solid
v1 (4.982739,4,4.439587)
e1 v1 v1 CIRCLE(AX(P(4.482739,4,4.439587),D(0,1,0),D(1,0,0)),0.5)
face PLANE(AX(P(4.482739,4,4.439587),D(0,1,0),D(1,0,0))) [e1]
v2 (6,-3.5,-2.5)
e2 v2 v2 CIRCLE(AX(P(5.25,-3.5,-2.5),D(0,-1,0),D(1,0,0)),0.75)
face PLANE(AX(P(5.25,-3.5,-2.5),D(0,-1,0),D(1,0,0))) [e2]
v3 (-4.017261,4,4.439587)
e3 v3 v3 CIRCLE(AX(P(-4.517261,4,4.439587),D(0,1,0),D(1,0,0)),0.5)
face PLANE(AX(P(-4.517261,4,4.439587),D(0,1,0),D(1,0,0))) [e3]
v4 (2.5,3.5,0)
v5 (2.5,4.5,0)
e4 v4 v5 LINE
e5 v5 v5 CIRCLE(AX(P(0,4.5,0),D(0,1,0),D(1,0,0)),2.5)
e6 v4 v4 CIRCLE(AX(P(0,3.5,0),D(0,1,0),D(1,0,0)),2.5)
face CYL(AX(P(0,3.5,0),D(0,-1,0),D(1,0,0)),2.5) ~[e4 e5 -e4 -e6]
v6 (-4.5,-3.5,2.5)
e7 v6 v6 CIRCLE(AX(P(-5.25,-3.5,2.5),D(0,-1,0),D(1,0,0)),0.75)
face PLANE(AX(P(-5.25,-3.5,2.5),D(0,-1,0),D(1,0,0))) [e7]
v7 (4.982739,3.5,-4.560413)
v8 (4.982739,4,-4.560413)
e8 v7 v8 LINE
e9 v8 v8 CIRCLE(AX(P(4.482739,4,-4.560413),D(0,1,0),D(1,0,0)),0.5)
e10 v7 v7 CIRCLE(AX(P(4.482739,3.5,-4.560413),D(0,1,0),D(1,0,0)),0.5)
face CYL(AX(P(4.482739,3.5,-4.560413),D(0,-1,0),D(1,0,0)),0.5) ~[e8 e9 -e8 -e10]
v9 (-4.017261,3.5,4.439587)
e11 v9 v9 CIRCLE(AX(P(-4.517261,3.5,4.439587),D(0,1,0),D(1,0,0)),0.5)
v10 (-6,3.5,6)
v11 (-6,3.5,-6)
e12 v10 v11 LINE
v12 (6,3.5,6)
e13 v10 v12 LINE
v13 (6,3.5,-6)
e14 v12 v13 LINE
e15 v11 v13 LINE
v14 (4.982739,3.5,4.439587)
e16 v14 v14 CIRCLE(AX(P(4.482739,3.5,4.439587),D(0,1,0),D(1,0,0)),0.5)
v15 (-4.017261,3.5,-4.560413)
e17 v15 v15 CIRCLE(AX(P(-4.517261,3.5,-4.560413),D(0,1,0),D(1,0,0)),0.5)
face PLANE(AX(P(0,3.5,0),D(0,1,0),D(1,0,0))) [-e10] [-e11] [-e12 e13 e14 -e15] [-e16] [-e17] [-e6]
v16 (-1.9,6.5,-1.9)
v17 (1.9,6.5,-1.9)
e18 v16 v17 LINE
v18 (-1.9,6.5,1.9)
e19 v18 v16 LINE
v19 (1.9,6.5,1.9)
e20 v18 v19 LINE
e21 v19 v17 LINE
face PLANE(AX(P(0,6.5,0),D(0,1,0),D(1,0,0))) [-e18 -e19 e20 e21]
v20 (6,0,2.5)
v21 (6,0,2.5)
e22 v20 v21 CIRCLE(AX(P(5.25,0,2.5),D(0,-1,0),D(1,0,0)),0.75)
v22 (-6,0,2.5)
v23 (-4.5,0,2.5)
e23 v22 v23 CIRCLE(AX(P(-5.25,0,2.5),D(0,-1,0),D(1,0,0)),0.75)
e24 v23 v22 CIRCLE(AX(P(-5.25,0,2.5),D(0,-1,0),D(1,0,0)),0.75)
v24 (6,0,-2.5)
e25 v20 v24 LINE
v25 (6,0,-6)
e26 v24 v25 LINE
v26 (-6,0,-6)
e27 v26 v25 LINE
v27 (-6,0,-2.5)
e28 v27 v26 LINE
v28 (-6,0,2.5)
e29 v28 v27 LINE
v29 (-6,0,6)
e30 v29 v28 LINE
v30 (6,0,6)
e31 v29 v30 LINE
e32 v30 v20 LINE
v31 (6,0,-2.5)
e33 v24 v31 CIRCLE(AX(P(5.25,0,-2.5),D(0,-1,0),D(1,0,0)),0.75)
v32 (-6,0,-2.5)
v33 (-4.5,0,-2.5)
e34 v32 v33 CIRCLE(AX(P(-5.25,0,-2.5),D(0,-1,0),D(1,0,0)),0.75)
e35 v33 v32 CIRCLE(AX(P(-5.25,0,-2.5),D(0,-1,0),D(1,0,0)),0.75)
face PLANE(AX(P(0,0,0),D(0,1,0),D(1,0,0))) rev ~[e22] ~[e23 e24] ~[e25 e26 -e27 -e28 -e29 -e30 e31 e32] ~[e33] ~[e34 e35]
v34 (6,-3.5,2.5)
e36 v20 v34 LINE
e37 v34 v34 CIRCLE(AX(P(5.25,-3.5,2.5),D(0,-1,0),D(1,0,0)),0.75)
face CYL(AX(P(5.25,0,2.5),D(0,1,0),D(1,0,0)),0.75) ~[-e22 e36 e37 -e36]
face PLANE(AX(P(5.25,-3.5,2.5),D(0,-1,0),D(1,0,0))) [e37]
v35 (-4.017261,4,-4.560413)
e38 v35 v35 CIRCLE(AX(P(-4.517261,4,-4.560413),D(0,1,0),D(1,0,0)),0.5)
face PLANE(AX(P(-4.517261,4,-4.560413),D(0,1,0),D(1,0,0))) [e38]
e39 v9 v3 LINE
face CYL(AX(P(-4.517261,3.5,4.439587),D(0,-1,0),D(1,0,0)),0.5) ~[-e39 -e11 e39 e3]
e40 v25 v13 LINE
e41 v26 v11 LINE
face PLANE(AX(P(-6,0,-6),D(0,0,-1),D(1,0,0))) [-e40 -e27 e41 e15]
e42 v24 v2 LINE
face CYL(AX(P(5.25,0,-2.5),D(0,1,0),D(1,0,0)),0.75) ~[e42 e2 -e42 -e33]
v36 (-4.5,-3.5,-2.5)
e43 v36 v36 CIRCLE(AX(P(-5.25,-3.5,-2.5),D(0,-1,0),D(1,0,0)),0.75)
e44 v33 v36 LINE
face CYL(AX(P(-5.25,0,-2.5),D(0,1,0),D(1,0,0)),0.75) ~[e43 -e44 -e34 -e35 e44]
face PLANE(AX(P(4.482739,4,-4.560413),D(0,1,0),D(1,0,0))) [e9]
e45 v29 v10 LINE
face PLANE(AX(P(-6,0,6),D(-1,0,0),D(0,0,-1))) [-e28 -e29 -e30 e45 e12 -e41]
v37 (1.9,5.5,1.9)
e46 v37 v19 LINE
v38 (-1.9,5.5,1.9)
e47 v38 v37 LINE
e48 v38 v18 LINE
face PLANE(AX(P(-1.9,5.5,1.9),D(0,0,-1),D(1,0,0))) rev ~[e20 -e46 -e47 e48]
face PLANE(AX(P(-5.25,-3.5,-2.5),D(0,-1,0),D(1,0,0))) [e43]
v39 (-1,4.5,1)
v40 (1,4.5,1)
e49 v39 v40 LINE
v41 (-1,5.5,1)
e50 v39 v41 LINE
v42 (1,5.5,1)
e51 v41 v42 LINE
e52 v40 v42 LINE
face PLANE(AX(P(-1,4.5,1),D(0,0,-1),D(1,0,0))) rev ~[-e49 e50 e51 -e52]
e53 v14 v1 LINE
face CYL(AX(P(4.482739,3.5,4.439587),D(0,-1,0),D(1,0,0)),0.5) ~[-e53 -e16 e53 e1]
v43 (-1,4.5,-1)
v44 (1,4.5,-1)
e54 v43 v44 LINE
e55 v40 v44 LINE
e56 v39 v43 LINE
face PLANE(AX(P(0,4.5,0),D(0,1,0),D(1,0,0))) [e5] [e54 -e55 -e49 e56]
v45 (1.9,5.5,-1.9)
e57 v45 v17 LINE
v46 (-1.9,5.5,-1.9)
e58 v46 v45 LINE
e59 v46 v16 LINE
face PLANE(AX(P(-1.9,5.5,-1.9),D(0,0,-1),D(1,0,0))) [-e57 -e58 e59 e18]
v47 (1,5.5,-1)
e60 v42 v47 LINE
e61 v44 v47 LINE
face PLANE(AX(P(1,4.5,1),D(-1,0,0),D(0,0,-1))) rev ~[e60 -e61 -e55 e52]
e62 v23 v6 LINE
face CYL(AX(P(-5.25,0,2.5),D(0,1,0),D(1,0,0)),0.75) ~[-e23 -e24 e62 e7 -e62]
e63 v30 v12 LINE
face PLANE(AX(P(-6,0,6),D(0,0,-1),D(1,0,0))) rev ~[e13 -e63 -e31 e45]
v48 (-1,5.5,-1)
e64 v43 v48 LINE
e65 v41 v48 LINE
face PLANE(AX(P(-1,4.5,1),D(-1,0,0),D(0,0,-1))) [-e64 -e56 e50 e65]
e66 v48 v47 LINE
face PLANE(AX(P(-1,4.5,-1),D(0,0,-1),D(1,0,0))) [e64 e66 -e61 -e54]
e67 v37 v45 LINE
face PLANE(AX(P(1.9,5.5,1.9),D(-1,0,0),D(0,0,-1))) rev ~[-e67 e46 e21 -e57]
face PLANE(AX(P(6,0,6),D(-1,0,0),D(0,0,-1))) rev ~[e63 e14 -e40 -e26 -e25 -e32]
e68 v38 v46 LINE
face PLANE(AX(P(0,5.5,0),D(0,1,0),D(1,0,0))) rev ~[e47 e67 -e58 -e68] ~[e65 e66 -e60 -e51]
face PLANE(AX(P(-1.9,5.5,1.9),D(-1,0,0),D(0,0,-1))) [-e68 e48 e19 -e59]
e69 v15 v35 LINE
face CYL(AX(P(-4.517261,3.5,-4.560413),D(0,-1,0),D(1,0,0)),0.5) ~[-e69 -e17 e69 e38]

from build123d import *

# Parameters (mm, degrees)
SKETCH1_W           = 12
SKETCH1_H           = 12
BOSS_EXTRUDE1_DEPTH = 3.5
SKETCH2_R           = 2.5
BOSS_EXTRUDE2_DEPTH = 1
SKETCH3_R           = 0.5
BOSS_EXTRUDE3_DEPTH = 0.5
SKETCH4_W           = 2
SKETCH4_H           = 2
BOSS_EXTRUDE4_DEPTH = 1
SKETCH5_W           = 3.8
SKETCH5_H           = 3.8
BOSS_EXTRUDE5_DEPTH = 1
SKETCH6_R           = 0.75
BOSS_EXTRUDE6_DEPTH = 3.5


with BuildPart() as part:
    # Sketch1 → Boss-Extrude1 (new body)
    with BuildSketch(Plane(origin=(0, 0, 0), x_dir=(1, 0, 0), z_dir=(0, 1, 0))):
        Rectangle(SKETCH1_W, SKETCH1_H)
    extrude(amount=BOSS_EXTRUDE1_DEPTH)

    # Sketch2 → Boss-Extrude2 (add)
    with BuildSketch(Plane(origin=(0, 3.5, 0), x_dir=(1, 0, 0), z_dir=(0, 1, 0))):
        Circle(SKETCH2_R)
    extrude(amount=BOSS_EXTRUDE2_DEPTH)

    # Sketch3 → Boss-Extrude3 (add)
    with BuildSketch(Plane(origin=(0, 3.5, 0), x_dir=(1, 0, 0), z_dir=(0, 1, 0))):
        with Locations((-4.51726096, 4.56041336)):
            Circle(SKETCH3_R)
        with Locations((-4.51726096, -4.43958664)):
            Circle(SKETCH3_R)
        with Locations((4.48273904, -4.43958664)):
            Circle(SKETCH3_R)
        with Locations((4.48273904, 4.56041336)):
            Circle(SKETCH3_R)
    extrude(amount=BOSS_EXTRUDE3_DEPTH)

    # Sketch4 → Boss-Extrude4 (add)
    with BuildSketch(Plane(origin=(0, 4.5, 0), x_dir=(1, 0, 0), z_dir=(0, 1, 0))):
        Rectangle(SKETCH4_W, SKETCH4_H)
    extrude(amount=BOSS_EXTRUDE4_DEPTH)

    # Sketch5 → Boss-Extrude5 (add)
    with BuildSketch(Plane(origin=(0, 5.5, 0), x_dir=(1, 0, 0), z_dir=(0, 1, 0))):
        Rectangle(SKETCH5_W, SKETCH5_H)
    extrude(amount=BOSS_EXTRUDE5_DEPTH)

    # Sketch6 → Boss-Extrude6 (add)
    with BuildSketch(Plane.XZ):
        with Locations((-5.25, 2.5)):
            Circle(SKETCH6_R)
        with Locations((-5.25, -2.5)):
            Circle(SKETCH6_R)
        with Locations((5.25, -2.5)):
            Circle(SKETCH6_R)
        with Locations((5.25, 2.5)):
            Circle(SKETCH6_R)
    extrude(amount=BOSS_EXTRUDE6_DEPTH)


solid = part.part
